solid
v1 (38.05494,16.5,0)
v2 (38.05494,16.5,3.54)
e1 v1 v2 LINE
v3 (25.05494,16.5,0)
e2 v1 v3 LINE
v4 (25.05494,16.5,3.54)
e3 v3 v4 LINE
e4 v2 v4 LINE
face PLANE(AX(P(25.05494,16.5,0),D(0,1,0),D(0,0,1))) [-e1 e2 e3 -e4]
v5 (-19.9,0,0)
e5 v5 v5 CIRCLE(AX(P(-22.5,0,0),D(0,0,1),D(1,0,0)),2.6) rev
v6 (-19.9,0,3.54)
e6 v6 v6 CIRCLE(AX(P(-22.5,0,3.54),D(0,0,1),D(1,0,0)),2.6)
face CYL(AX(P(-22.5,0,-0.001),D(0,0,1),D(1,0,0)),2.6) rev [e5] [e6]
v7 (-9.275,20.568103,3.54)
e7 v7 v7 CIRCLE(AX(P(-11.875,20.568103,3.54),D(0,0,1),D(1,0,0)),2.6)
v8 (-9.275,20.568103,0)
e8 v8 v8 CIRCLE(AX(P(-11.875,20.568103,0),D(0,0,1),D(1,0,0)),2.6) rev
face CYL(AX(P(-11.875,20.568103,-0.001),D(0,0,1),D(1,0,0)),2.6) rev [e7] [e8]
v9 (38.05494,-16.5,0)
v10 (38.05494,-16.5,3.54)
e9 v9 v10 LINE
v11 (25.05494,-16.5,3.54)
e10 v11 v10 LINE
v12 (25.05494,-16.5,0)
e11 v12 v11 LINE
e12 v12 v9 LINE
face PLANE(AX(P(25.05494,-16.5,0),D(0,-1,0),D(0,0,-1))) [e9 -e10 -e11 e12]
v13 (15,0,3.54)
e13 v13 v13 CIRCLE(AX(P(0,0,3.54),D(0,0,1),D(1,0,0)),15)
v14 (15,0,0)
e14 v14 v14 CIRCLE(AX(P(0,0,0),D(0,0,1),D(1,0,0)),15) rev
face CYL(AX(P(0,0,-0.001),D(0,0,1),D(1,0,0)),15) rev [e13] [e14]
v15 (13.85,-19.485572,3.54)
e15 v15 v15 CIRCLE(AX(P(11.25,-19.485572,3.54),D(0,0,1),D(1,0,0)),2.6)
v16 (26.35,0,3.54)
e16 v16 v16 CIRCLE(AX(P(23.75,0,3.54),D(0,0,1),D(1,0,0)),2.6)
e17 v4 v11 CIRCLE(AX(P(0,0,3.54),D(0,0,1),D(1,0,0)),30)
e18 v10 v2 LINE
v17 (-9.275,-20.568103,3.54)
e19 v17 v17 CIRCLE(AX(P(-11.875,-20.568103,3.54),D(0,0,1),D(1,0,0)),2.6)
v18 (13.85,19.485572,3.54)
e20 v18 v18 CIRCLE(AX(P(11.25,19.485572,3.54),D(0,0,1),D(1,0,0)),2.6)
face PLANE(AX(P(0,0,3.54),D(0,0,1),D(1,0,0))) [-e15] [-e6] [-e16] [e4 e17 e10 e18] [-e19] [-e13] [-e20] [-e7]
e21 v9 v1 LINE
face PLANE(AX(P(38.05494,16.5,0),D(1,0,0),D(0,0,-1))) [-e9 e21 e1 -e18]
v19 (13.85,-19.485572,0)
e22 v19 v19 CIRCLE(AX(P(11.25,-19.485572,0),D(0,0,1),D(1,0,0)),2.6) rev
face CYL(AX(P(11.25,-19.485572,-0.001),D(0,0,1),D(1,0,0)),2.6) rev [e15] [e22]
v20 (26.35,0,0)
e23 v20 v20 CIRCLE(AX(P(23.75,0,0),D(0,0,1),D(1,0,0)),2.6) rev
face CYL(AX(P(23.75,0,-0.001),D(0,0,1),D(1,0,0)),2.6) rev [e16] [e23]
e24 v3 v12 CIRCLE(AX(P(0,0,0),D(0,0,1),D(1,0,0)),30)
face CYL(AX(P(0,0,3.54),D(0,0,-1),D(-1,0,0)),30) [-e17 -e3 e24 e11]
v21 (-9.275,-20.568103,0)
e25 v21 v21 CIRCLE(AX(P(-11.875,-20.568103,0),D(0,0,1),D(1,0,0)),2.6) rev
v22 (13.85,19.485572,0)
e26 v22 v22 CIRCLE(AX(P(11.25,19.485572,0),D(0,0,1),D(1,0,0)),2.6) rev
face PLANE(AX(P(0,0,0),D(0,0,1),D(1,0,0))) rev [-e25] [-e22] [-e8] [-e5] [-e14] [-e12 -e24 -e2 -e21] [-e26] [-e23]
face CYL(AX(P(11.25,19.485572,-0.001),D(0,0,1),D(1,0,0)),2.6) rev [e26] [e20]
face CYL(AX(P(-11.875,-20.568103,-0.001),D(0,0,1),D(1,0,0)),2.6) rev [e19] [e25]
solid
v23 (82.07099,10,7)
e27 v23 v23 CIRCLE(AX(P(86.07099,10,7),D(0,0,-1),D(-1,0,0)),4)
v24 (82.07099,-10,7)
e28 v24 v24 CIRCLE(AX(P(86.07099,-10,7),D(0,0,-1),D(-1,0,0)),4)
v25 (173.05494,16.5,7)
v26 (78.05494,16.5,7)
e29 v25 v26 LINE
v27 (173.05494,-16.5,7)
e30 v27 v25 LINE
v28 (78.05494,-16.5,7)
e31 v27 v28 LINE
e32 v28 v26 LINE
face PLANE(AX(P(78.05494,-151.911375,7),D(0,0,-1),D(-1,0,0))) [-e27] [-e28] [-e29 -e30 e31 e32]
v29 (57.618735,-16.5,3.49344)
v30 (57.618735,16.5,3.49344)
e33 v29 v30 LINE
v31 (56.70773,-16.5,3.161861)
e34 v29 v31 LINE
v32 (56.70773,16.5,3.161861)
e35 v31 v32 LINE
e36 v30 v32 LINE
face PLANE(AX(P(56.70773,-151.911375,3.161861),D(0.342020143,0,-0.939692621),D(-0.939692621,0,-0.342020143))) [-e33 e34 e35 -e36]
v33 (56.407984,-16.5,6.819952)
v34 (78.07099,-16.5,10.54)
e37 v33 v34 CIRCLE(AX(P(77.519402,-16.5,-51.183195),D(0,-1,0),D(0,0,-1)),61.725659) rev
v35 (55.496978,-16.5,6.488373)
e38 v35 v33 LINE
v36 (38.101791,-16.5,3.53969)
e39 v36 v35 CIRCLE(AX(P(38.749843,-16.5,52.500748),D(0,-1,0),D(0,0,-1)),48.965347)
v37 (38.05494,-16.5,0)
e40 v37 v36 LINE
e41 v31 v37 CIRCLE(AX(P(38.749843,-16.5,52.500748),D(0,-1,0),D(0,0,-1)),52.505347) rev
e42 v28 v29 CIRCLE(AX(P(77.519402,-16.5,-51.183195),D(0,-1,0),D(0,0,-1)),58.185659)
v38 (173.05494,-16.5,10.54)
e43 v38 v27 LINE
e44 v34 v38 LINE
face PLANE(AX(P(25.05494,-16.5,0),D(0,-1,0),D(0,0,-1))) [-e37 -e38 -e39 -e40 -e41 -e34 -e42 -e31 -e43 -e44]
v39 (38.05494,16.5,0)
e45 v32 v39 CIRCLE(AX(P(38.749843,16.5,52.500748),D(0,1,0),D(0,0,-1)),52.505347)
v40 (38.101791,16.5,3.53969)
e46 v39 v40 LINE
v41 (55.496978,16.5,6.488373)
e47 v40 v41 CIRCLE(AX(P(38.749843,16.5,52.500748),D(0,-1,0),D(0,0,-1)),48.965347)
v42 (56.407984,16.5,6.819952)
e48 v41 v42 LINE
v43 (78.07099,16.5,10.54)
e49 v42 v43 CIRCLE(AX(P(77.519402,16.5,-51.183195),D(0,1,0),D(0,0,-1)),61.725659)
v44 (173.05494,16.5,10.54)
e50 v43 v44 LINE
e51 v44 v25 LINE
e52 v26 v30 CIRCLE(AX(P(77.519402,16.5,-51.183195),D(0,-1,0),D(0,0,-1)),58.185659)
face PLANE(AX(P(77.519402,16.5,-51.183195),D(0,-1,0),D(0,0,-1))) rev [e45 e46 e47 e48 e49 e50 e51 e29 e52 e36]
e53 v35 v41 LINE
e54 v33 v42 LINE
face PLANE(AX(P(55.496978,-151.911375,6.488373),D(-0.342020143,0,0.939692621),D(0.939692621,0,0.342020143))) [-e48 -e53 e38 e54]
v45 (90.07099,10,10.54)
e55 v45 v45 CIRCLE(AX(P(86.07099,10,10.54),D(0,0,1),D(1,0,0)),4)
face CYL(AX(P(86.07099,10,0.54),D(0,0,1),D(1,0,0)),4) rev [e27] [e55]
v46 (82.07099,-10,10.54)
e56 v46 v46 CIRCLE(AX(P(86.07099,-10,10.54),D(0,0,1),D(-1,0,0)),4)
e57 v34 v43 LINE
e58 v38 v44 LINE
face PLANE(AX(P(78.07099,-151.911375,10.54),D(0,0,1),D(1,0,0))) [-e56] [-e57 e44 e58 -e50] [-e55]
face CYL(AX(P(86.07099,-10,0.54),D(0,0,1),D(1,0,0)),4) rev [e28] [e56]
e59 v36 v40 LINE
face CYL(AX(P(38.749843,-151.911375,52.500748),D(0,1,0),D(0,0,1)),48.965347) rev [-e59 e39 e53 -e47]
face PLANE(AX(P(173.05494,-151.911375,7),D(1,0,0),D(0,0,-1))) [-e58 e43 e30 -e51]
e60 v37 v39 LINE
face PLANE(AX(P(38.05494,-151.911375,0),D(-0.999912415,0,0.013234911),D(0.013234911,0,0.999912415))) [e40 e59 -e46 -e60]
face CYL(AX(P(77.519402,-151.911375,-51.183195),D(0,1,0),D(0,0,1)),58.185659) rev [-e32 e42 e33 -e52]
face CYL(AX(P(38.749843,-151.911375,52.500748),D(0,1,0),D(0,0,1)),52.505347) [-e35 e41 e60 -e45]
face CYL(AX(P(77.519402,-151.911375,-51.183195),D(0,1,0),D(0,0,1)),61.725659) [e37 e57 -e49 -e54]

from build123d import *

# Parameters (mm, degrees)
SKETCH1_R           = 30
BOSS_EXTRUDE1_DEPTH = 3.54
BOSS_EXTRUDE4_START = -3.54
BOSS_EXTRUDE4_DEPTH = 3.54
CUT_EXTRUDE1_REACH  = 50.587
SKETCH5_R           = 15
CUT_EXTRUDE2_REACH  = 50.587
SKETCH6_R           = 2.6
BOSS_EXTRUDE5_DEPTH = 33
SKETCH8_R           = 4
CUT_EXTRUDE3_DEPTH  = 10


with BuildPart() as part:
    # Sketch1 → Boss-Extrude1 (new body)
    with BuildSketch(Plane.XY):
        Circle(SKETCH1_R)
    extrude(amount=BOSS_EXTRUDE1_DEPTH)

    # Sketch4 → Boss-Extrude4 (add)
    with BuildSketch(Plane.XY.offset(3.54).offset(BOSS_EXTRUDE4_START)):
        with BuildLine():
            Line((25.054939633, 16.5), (38.054939633, 16.5))
            Line((38.054939633, 16.5), (38.054939633, -16.5))
            Line((38.054939633, -16.5), (25.054939633, -16.5))
            ThreePointArc((25.054939633, -16.5), (30, 0), (25.054939633, 16.5))
        make_face()
    extrude(amount=BOSS_EXTRUDE4_DEPTH)

    # Sketch5 → Cut-Extrude1 (cut, up to next)
    with BuildSketch(Plane.XY.offset(3.54), mode=Mode.PRIVATE) as cut_extrude1_sk1:
        Circle(SKETCH5_R)
    cut_extrude1_tool1 = extrude(cut_extrude1_sk1.sketch, amount=-CUT_EXTRUDE1_REACH, mode=Mode.PRIVATE) & part.part
    add(cut_extrude1_tool1.solids().sort_by_distance((0, 0, 3.54))[0], mode=Mode.SUBTRACT)

    # Sketch6 → Cut-Extrude2 (cut, up to next)
    with BuildSketch(Plane.XY.offset(3.54), mode=Mode.PRIVATE) as cut_extrude2_sk1:
        with Locations((-22.5, 0)):
            Circle(SKETCH6_R)
    cut_extrude2_tool1 = extrude(cut_extrude2_sk1.sketch, amount=-CUT_EXTRUDE2_REACH, mode=Mode.PRIVATE) & part.part
    # Sketch6 → Cut-Extrude2 (cut, up to next)
    with BuildSketch(Plane.XY.offset(3.54), mode=Mode.PRIVATE) as cut_extrude2_sk2:
        with Locations((11.25, 19.485571585)):
            Circle(SKETCH6_R)
    cut_extrude2_tool2 = extrude(cut_extrude2_sk2.sketch, amount=-CUT_EXTRUDE2_REACH, mode=Mode.PRIVATE) & part.part
    # Sketch6 → Cut-Extrude2 (cut, up to next)
    with BuildSketch(Plane.XY.offset(3.54), mode=Mode.PRIVATE) as cut_extrude2_sk3:
        with Locations((11.25, -19.485571585)):
            Circle(SKETCH6_R)
    cut_extrude2_tool3 = extrude(cut_extrude2_sk3.sketch, amount=-CUT_EXTRUDE2_REACH, mode=Mode.PRIVATE) & part.part
    # Sketch6 → Cut-Extrude2 (cut, up to next)
    with BuildSketch(Plane.XY.offset(3.54), mode=Mode.PRIVATE) as cut_extrude2_sk4:
        with Locations((23.75, 0)):
            Circle(SKETCH6_R)
    cut_extrude2_tool4 = extrude(cut_extrude2_sk4.sketch, amount=-CUT_EXTRUDE2_REACH, mode=Mode.PRIVATE) & part.part
    # Sketch6 → Cut-Extrude2 (cut, up to next)
    with BuildSketch(Plane.XY.offset(3.54), mode=Mode.PRIVATE) as cut_extrude2_sk5:
        with Locations((-11.875, -20.56810334)):
            Circle(SKETCH6_R)
    cut_extrude2_tool5 = extrude(cut_extrude2_sk5.sketch, amount=-CUT_EXTRUDE2_REACH, mode=Mode.PRIVATE) & part.part
    # Sketch6 → Cut-Extrude2 (cut, up to next)
    with BuildSketch(Plane.XY.offset(3.54), mode=Mode.PRIVATE) as cut_extrude2_sk6:
        with Locations((-11.875, 20.56810334)):
            Circle(SKETCH6_R)
    cut_extrude2_tool6 = extrude(cut_extrude2_sk6.sketch, amount=-CUT_EXTRUDE2_REACH, mode=Mode.PRIVATE) & part.part
    add(cut_extrude2_tool1.solids().sort_by_distance((-22.5, 0, 3.54))[0], mode=Mode.SUBTRACT)
    add(cut_extrude2_tool2.solids().sort_by_distance((11.25, 19.485572, 3.54))[0], mode=Mode.SUBTRACT)
    add(cut_extrude2_tool3.solids().sort_by_distance((11.25, -19.485572, 3.54))[0], mode=Mode.SUBTRACT)
    add(cut_extrude2_tool4.solids().sort_by_distance((23.75, 0, 3.54))[0], mode=Mode.SUBTRACT)
    add(cut_extrude2_tool5.solids().sort_by_distance((-11.875, -20.568103, 3.54))[0], mode=Mode.SUBTRACT)
    add(cut_extrude2_tool6.solids().sort_by_distance((-11.875, 20.568103, 3.54))[0], mode=Mode.SUBTRACT)


with BuildPart() as body_2:
    # Sketch7 → Boss-Extrude5 (new body)
    with BuildSketch(Plane(origin=(0, 16.5, 0), x_dir=(1, 0, 0), z_dir=(0, 1, 0))):
        with BuildLine():
            Line((78.054939633, -7), (173.054939633, -7))
            Line((173.054939633, -7), (173.054939633, -10.54))
            Line((173.054939633, -10.54), (78.070990419, -10.54))
            ThreePointArc((78.070990419, -10.54), (67.072567905, -9.651997942), (56.407983509, -6.819951839))
            Line((56.407983509, -6.819951839), (55.496978315, -6.488373065))
            ThreePointArc((55.496978315, -6.488373065), (46.933290058, -4.224083077), (38.101791219, -3.539689948))
            Line((38.101791219, -3.539689948), (38.054939633, 0))
            ThreePointArc((38.054939633, 0), (47.524920739, -0.733872032), (56.707729622, -3.161861188))
            Line((56.707729622, -3.161861188), (57.618734817, -3.493439962))
            ThreePointArc((57.618734817, -3.493439962), (67.679379066, -6.164384916), (78.054939633, -7))
        make_face()
    extrude(amount=-BOSS_EXTRUDE5_DEPTH)

    # Sketch8 → Cut-Extrude3 (cut)
    with BuildSketch(Plane.XY.offset(10.54)):
        with Locations((86.070990419, 10)):
            Circle(SKETCH8_R)
        with Locations(Location((86.070990419, -10, 0), (0, 0, 180))):
            Circle(SKETCH8_R)
    extrude(amount=-CUT_EXTRUDE3_DEPTH, mode=Mode.SUBTRACT)


solid = Compound([part.part, body_2.part])
